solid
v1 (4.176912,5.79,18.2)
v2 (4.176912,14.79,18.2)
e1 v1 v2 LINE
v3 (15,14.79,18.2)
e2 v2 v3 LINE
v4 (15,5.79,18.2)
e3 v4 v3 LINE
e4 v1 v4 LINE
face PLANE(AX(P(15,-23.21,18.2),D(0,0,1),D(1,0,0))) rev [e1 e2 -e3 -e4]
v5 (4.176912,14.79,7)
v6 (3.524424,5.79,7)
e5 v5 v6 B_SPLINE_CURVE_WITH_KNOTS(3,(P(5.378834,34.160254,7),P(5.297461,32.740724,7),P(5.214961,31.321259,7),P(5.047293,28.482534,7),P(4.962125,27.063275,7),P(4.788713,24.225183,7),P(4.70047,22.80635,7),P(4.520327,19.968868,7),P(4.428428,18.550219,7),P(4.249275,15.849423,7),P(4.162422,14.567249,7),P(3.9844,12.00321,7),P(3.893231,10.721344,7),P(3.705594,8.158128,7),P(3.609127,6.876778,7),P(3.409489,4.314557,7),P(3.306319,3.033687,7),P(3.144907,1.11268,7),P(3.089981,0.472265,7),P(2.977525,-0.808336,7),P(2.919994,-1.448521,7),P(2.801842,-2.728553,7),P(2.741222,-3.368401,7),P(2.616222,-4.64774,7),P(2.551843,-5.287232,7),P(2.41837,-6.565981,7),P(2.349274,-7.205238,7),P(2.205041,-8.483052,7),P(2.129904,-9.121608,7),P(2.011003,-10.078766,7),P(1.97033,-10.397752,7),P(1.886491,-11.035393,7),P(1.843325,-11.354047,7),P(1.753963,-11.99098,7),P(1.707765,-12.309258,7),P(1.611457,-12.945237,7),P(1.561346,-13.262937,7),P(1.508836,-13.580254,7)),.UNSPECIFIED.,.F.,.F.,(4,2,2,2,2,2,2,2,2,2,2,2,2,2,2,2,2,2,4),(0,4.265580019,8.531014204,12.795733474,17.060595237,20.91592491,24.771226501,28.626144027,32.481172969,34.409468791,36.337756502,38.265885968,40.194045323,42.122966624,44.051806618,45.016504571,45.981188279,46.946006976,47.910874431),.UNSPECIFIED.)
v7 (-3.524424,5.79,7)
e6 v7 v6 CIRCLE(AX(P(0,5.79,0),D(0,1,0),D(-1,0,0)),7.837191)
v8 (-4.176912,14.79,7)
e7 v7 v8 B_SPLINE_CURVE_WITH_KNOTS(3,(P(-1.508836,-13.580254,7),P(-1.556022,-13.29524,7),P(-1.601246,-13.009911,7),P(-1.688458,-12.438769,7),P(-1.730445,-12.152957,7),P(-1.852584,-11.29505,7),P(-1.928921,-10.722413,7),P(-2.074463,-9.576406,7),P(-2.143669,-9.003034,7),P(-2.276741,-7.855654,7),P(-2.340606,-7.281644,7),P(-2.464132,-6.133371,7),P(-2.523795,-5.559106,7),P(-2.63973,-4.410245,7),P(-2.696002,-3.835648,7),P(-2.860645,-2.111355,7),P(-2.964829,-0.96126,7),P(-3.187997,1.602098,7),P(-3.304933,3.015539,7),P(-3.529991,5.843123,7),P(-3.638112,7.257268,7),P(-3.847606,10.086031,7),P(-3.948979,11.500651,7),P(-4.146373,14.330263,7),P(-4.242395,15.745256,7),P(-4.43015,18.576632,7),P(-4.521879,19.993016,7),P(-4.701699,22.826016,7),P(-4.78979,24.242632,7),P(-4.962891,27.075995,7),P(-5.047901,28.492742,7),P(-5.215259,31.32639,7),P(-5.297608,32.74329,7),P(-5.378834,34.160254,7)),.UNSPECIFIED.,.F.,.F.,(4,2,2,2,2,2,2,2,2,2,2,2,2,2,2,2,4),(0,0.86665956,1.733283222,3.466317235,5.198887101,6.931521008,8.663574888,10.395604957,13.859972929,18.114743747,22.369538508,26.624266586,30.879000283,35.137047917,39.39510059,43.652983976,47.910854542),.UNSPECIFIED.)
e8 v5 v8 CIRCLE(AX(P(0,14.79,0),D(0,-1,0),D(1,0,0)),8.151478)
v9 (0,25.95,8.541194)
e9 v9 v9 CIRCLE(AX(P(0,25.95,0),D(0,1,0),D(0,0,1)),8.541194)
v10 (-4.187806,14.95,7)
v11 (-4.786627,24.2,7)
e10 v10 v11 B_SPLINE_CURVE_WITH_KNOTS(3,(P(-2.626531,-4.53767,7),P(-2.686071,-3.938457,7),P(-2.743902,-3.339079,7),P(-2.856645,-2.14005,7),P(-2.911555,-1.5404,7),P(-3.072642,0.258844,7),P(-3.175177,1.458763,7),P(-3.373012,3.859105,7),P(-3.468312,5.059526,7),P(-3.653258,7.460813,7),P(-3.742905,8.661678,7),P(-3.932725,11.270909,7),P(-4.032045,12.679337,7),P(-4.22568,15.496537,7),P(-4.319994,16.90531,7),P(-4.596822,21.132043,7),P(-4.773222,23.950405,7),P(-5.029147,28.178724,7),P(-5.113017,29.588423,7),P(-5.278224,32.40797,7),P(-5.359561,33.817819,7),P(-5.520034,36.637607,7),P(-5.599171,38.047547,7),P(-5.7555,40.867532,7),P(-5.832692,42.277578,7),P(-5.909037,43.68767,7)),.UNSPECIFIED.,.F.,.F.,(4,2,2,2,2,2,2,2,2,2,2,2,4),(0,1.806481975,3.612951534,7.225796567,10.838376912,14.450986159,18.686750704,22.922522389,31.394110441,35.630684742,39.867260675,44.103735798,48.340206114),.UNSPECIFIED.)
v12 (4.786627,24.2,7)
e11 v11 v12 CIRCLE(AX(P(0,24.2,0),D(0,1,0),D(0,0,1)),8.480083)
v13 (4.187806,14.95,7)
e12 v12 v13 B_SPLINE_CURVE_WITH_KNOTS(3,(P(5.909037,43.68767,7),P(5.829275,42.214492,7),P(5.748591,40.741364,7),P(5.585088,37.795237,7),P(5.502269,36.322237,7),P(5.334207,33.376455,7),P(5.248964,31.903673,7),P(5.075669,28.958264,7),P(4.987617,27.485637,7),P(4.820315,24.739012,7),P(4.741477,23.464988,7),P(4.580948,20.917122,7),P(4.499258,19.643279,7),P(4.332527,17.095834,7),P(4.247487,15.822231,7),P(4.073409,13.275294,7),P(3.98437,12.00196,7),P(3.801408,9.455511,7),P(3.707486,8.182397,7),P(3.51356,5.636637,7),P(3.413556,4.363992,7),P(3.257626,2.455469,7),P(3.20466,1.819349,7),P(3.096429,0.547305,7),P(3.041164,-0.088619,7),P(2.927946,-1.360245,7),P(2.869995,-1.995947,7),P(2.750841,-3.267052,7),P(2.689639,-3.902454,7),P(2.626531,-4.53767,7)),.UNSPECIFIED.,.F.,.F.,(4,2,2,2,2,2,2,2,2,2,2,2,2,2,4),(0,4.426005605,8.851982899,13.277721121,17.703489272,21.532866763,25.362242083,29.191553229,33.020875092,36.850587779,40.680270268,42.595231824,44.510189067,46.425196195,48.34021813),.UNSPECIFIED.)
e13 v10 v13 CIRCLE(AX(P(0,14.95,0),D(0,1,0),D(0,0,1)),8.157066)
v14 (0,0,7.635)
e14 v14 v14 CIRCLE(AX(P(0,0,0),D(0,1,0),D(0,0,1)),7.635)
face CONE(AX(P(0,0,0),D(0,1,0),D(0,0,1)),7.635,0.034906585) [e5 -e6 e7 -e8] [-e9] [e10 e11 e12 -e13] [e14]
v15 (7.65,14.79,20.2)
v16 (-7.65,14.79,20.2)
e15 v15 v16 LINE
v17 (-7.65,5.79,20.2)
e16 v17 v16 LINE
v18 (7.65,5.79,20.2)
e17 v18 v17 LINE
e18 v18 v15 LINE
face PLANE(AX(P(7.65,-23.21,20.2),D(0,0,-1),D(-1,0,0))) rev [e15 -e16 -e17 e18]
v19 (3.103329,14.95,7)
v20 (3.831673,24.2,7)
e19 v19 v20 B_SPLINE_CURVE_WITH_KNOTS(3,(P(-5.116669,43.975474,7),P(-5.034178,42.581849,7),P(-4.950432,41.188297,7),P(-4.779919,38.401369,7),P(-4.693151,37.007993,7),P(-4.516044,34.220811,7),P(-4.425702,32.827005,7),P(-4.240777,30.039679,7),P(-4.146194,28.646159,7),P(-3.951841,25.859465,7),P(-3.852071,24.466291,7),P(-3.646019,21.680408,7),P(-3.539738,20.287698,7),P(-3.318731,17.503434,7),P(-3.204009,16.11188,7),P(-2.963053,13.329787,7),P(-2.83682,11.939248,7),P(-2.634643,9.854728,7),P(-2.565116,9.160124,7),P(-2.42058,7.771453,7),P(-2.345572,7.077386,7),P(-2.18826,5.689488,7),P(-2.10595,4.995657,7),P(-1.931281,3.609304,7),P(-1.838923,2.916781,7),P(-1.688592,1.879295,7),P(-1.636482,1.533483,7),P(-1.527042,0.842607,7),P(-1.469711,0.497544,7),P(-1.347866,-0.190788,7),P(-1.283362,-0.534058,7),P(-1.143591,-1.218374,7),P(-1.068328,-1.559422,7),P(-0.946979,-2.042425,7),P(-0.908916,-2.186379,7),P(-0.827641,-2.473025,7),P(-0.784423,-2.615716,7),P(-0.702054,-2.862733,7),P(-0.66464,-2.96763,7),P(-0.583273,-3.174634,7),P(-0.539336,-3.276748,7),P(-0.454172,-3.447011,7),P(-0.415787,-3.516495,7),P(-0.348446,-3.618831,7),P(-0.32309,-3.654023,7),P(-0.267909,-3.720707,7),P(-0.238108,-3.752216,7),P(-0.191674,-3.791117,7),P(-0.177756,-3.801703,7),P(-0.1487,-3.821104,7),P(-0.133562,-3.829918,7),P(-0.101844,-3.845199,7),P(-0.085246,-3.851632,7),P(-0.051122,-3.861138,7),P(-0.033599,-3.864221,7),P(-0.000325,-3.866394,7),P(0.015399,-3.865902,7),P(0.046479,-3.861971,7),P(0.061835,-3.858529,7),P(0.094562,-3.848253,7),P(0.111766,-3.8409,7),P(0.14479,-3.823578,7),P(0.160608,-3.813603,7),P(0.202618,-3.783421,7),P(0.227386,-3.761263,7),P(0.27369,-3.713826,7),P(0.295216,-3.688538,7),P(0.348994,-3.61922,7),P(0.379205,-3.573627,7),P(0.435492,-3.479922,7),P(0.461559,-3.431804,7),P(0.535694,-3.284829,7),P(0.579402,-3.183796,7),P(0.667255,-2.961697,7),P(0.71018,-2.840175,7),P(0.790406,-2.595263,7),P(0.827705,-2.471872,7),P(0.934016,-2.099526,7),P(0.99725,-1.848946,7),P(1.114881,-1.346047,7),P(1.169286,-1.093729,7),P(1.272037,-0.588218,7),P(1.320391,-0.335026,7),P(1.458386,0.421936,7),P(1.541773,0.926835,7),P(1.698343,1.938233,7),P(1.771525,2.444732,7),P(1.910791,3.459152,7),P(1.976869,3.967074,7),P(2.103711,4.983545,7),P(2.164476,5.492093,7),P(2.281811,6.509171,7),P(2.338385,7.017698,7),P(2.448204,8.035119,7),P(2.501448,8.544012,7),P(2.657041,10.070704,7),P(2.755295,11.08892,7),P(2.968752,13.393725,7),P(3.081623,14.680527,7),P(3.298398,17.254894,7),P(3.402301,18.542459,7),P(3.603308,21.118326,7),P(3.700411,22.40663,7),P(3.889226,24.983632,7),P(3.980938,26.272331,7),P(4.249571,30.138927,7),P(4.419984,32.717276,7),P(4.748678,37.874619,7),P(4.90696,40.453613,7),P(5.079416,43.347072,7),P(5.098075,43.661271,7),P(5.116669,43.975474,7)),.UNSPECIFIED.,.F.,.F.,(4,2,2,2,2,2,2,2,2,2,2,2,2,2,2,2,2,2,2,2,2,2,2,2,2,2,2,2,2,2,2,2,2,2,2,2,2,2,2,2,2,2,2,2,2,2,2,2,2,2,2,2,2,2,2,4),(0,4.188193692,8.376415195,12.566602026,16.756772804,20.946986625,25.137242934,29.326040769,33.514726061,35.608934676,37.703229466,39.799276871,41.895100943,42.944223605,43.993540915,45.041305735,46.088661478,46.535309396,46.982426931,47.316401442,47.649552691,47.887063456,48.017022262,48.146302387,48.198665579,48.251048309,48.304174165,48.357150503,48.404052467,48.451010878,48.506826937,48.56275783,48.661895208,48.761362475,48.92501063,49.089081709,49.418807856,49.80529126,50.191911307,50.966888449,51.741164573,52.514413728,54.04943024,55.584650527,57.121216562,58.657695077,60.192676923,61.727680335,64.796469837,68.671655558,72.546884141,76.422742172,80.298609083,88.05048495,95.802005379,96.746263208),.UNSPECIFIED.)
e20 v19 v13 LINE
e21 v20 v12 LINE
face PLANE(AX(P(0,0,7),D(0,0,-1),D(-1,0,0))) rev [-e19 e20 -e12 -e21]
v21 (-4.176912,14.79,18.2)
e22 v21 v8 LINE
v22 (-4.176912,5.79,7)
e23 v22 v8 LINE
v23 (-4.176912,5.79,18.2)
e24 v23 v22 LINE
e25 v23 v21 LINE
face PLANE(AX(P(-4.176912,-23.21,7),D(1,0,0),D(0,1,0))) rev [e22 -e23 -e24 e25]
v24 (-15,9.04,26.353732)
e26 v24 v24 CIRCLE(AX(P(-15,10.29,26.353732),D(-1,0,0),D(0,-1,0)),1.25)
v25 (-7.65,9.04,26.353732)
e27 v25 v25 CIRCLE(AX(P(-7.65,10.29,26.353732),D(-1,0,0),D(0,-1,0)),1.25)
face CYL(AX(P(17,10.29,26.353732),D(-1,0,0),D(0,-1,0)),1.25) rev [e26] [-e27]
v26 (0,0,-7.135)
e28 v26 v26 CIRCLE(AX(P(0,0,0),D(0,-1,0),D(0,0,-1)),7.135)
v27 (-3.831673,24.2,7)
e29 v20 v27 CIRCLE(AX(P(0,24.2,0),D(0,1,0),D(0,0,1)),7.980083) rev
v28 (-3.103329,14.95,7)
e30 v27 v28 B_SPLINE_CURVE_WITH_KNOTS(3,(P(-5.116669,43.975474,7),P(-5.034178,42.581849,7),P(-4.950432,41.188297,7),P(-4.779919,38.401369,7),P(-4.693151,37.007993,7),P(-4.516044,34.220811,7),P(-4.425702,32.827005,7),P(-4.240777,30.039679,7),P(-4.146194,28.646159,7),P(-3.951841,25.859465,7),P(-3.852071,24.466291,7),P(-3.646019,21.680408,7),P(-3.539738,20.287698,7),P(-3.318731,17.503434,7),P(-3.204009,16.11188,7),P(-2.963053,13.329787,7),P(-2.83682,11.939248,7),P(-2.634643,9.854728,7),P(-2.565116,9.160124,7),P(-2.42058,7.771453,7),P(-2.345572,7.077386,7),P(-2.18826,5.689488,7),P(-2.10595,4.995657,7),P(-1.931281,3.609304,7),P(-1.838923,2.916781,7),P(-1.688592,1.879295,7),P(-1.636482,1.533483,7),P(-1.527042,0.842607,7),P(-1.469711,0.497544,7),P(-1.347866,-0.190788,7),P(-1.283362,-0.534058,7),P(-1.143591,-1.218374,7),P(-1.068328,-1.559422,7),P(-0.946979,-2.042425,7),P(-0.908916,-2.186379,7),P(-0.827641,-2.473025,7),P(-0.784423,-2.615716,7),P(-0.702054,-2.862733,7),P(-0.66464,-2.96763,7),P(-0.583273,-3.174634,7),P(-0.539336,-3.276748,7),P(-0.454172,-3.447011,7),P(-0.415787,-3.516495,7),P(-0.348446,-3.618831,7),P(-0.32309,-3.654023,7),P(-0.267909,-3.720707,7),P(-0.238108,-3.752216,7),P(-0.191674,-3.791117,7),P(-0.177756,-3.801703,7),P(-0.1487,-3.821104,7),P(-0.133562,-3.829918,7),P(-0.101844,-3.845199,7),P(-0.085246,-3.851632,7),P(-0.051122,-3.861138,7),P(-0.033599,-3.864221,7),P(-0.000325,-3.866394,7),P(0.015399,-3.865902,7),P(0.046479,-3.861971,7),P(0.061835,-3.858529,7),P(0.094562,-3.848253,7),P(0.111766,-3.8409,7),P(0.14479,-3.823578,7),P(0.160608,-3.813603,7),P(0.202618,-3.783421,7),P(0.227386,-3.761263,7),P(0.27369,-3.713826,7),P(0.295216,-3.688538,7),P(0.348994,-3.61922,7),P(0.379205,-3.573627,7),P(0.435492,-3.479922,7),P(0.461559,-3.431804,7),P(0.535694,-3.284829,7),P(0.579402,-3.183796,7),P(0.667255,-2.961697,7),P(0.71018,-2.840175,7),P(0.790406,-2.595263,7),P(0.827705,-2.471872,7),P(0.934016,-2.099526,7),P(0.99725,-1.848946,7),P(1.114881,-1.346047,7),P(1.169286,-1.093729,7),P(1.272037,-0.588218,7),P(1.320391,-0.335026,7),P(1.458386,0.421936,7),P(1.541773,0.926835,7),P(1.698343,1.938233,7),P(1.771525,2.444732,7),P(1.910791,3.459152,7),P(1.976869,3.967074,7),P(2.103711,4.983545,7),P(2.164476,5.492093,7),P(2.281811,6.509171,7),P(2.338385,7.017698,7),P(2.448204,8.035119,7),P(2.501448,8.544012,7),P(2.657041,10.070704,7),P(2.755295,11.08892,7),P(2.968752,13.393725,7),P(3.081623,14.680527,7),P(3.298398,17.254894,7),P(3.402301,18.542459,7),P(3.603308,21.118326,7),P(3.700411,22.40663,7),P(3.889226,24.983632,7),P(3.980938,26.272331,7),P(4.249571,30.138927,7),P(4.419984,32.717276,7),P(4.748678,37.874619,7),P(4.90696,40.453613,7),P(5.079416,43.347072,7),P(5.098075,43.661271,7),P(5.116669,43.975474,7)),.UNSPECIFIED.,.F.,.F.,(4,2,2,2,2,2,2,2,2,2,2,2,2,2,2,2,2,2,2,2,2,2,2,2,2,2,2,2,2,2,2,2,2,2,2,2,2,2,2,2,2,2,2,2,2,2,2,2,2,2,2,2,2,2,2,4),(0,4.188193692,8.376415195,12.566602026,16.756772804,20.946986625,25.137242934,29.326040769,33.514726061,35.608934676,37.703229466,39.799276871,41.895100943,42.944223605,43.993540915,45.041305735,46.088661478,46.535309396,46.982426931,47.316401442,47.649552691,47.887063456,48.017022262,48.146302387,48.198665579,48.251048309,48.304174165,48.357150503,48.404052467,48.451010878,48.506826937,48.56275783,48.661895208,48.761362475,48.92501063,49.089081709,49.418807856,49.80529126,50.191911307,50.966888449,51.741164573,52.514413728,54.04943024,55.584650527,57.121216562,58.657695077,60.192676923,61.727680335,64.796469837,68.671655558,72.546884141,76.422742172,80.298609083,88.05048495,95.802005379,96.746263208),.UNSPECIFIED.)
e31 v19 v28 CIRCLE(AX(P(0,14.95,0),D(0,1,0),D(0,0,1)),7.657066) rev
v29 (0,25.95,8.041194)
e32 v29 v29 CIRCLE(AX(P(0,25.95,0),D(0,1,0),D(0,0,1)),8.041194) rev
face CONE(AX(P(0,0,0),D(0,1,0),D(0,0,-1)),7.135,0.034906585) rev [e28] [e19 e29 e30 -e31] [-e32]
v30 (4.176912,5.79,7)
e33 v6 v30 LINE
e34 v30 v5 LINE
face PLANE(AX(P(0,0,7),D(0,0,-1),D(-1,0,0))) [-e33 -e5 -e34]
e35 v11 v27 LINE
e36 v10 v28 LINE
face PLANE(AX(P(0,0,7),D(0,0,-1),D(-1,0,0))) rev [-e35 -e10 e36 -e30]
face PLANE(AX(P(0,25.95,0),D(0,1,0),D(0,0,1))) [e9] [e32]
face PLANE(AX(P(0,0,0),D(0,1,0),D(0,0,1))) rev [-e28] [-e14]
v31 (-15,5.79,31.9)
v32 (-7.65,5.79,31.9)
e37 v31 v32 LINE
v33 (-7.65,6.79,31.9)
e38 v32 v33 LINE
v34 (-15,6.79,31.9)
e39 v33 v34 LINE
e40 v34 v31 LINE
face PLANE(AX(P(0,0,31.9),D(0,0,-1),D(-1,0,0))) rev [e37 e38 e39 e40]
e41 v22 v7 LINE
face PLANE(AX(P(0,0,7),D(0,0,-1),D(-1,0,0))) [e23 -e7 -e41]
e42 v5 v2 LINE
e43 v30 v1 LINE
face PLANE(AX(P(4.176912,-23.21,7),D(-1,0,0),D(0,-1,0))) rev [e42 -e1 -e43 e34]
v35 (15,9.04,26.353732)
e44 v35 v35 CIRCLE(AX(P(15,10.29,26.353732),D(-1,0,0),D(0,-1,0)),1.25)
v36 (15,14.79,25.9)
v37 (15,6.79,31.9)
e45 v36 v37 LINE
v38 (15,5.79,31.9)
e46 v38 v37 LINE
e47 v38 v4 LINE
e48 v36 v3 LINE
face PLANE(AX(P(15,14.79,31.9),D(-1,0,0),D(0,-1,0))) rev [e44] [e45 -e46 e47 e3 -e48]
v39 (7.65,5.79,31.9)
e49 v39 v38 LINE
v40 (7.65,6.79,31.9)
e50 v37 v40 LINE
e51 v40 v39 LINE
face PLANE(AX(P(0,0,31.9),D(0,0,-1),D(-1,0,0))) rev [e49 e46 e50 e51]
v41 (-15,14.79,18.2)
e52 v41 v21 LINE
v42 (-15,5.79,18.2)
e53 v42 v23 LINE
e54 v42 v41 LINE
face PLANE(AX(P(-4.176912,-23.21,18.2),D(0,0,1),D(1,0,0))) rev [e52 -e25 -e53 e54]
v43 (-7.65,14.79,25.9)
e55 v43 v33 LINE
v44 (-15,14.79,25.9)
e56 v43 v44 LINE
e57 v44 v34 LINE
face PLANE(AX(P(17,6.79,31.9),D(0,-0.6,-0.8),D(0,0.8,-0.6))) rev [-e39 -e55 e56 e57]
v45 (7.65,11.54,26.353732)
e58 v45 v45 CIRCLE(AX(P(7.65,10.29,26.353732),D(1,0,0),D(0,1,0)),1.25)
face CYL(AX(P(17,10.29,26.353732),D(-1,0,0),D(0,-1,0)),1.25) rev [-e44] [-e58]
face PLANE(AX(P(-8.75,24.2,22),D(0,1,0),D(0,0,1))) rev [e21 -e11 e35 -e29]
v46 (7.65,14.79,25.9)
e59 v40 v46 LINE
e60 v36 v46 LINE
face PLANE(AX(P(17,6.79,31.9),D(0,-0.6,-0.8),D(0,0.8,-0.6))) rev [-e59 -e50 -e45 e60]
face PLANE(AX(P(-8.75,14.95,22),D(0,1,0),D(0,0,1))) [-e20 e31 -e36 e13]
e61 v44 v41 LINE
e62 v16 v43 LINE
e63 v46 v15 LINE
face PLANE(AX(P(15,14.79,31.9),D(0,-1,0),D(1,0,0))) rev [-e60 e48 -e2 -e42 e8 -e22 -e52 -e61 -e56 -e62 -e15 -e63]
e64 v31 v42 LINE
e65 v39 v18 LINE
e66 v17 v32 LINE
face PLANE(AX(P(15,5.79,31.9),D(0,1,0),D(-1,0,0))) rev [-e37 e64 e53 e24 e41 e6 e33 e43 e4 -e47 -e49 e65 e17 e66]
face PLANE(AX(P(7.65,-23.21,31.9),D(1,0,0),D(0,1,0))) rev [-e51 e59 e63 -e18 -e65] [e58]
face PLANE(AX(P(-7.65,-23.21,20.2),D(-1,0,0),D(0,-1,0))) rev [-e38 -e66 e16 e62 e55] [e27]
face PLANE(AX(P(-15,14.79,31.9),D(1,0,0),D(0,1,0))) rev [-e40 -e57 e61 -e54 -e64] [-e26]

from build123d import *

# Parameters (mm, degrees)
SKETCH1_R           = 7.635
BOSS_EXTRUDE1_DEPTH = 26.95
BOSS_EXTRUDE1_DRAFT = -2
SKETCH5_W           = 30
SKETCH5_H           = 9
BOSS_EXTRUDE3_DEPTH = 24.9
SKETCH6_R           = 7.135
CUT_EXTRUDE1_DEPTH  = 37
CUT_EXTRUDE1_DRAFT  = 2
SKETCH7_W           = 15.3
SKETCH7_H           = 11.7
SKETCH7_W_2         = 10.82308768
SKETCH7_H_2         = 11.2
CUT_EXTRUDE2_DEPTH  = 38
CUT_EXTRUDE3_DEPTH  = 32
SKETCH9_R           = 1.25
CUT_EXTRUDE4_DEPTH  = 32
SKETCH10_W          = 17.5
SKETCH10_H          = 9.25
CUT_EXTRUDE5_DEPTH  = 15
SKETCH3_R           = 11.551989241
CUT_EXTRUDE6_DEPTH  = 1


with BuildPart() as part:
    # Sketch1 → Boss-Extrude1 (with draft: the straight prism first)
    with BuildSketch(Plane(origin=(0, 0, 0), x_dir=(1, 0, 0), z_dir=(0, 1, 0))):
        Circle(SKETCH1_R)
    extrude(amount=BOSS_EXTRUDE1_DEPTH)
    # Boss-Extrude1: the draft: its side faces are tilted about the plane it starts from
    boss_extrude1_sides = [part.faces().sort_by_distance(p)[0] for p in [
        (-7.635, 13.475, 0),
    ]]
    draft(boss_extrude1_sides, Plane(origin=(0, 0, 0), x_dir=(1, 0, 0), z_dir=(0, 1, 0)), BOSS_EXTRUDE1_DRAFT)

    # Sketch5 → Boss-Extrude3 (add)
    with BuildSketch(Plane.XY.offset(7)):
        with Locations((0, 10.29)):
            Rectangle(SKETCH5_W, SKETCH5_H)
    extrude(amount=BOSS_EXTRUDE3_DEPTH)


with BuildPart() as cut_extrude1_tool:
    # Sketch6 → Cut-Extrude1 (with draft: the straight prism first)
    with BuildSketch(Plane.XZ):
        Circle(SKETCH6_R)
    extrude(amount=-CUT_EXTRUDE1_DEPTH)
    # Cut-Extrude1: the draft: its side faces are tilted about the plane it starts from
    cut_extrude1_sides = [cut_extrude1_tool.faces().sort_by_distance(p)[0] for p in [
        (-7.135, 18.5, 0),
    ]]
    draft(cut_extrude1_sides, Plane.XZ, CUT_EXTRUDE1_DRAFT)


with BuildPart() as part_1:
    add(part.part)

    # Cut-Extrude1: cut by cut_extrude1_tool
    add(cut_extrude1_tool.part, mode=Mode.SUBTRACT)

    # Sketch7 → Cut-Extrude2 (cut)
    with BuildSketch(Plane(origin=(0, 14.79, 0), x_dir=(1, 0, 0), z_dir=(0, 1, 0))):
        with Locations((0, -26.05)):
            Rectangle(SKETCH7_W, SKETCH7_H)
        with Locations((9.58845616, -12.6)):
            Rectangle(SKETCH7_W_2, SKETCH7_H_2)
        with Locations((-9.58845616, -12.6)):
            Rectangle(SKETCH7_W_2, SKETCH7_H_2)
    extrude(amount=-CUT_EXTRUDE2_DEPTH, mode=Mode.SUBTRACT)

    # Sketch8 → Cut-Extrude3 (cut)
    with BuildSketch(Plane.ZY.offset(15)):
        Polygon((31.9, 6.79), (25.9, 14.79), (31.9, 14.79), align=None)
    extrude(amount=-CUT_EXTRUDE3_DEPTH, mode=Mode.SUBTRACT)

    # Sketch9 → Cut-Extrude4 (cut)
    with BuildSketch(Plane.ZY.offset(15)):
        with Locations(Location((26.353732334, 10.29, 0), (0, 0, 270))):
            Circle(SKETCH9_R)
    extrude(amount=-CUT_EXTRUDE4_DEPTH, mode=Mode.SUBTRACT)

    # Sketch10 → Cut-Extrude5 (cut)
    with BuildSketch(Plane.XY.offset(7)):
        with Locations((0, 19.575)):
            Rectangle(SKETCH10_W, SKETCH10_H)
    extrude(amount=CUT_EXTRUDE5_DEPTH, mode=Mode.SUBTRACT)

    # Sketch3 → Cut-Extrude6 (cut)
    with BuildSketch(Plane(origin=(0, 26.95, 0), x_dir=(1, 0, 0), z_dir=(0, 1, 0))):
        Circle(SKETCH3_R)
    extrude(amount=-CUT_EXTRUDE6_DEPTH, mode=Mode.SUBTRACT)


solid = part_1.part
